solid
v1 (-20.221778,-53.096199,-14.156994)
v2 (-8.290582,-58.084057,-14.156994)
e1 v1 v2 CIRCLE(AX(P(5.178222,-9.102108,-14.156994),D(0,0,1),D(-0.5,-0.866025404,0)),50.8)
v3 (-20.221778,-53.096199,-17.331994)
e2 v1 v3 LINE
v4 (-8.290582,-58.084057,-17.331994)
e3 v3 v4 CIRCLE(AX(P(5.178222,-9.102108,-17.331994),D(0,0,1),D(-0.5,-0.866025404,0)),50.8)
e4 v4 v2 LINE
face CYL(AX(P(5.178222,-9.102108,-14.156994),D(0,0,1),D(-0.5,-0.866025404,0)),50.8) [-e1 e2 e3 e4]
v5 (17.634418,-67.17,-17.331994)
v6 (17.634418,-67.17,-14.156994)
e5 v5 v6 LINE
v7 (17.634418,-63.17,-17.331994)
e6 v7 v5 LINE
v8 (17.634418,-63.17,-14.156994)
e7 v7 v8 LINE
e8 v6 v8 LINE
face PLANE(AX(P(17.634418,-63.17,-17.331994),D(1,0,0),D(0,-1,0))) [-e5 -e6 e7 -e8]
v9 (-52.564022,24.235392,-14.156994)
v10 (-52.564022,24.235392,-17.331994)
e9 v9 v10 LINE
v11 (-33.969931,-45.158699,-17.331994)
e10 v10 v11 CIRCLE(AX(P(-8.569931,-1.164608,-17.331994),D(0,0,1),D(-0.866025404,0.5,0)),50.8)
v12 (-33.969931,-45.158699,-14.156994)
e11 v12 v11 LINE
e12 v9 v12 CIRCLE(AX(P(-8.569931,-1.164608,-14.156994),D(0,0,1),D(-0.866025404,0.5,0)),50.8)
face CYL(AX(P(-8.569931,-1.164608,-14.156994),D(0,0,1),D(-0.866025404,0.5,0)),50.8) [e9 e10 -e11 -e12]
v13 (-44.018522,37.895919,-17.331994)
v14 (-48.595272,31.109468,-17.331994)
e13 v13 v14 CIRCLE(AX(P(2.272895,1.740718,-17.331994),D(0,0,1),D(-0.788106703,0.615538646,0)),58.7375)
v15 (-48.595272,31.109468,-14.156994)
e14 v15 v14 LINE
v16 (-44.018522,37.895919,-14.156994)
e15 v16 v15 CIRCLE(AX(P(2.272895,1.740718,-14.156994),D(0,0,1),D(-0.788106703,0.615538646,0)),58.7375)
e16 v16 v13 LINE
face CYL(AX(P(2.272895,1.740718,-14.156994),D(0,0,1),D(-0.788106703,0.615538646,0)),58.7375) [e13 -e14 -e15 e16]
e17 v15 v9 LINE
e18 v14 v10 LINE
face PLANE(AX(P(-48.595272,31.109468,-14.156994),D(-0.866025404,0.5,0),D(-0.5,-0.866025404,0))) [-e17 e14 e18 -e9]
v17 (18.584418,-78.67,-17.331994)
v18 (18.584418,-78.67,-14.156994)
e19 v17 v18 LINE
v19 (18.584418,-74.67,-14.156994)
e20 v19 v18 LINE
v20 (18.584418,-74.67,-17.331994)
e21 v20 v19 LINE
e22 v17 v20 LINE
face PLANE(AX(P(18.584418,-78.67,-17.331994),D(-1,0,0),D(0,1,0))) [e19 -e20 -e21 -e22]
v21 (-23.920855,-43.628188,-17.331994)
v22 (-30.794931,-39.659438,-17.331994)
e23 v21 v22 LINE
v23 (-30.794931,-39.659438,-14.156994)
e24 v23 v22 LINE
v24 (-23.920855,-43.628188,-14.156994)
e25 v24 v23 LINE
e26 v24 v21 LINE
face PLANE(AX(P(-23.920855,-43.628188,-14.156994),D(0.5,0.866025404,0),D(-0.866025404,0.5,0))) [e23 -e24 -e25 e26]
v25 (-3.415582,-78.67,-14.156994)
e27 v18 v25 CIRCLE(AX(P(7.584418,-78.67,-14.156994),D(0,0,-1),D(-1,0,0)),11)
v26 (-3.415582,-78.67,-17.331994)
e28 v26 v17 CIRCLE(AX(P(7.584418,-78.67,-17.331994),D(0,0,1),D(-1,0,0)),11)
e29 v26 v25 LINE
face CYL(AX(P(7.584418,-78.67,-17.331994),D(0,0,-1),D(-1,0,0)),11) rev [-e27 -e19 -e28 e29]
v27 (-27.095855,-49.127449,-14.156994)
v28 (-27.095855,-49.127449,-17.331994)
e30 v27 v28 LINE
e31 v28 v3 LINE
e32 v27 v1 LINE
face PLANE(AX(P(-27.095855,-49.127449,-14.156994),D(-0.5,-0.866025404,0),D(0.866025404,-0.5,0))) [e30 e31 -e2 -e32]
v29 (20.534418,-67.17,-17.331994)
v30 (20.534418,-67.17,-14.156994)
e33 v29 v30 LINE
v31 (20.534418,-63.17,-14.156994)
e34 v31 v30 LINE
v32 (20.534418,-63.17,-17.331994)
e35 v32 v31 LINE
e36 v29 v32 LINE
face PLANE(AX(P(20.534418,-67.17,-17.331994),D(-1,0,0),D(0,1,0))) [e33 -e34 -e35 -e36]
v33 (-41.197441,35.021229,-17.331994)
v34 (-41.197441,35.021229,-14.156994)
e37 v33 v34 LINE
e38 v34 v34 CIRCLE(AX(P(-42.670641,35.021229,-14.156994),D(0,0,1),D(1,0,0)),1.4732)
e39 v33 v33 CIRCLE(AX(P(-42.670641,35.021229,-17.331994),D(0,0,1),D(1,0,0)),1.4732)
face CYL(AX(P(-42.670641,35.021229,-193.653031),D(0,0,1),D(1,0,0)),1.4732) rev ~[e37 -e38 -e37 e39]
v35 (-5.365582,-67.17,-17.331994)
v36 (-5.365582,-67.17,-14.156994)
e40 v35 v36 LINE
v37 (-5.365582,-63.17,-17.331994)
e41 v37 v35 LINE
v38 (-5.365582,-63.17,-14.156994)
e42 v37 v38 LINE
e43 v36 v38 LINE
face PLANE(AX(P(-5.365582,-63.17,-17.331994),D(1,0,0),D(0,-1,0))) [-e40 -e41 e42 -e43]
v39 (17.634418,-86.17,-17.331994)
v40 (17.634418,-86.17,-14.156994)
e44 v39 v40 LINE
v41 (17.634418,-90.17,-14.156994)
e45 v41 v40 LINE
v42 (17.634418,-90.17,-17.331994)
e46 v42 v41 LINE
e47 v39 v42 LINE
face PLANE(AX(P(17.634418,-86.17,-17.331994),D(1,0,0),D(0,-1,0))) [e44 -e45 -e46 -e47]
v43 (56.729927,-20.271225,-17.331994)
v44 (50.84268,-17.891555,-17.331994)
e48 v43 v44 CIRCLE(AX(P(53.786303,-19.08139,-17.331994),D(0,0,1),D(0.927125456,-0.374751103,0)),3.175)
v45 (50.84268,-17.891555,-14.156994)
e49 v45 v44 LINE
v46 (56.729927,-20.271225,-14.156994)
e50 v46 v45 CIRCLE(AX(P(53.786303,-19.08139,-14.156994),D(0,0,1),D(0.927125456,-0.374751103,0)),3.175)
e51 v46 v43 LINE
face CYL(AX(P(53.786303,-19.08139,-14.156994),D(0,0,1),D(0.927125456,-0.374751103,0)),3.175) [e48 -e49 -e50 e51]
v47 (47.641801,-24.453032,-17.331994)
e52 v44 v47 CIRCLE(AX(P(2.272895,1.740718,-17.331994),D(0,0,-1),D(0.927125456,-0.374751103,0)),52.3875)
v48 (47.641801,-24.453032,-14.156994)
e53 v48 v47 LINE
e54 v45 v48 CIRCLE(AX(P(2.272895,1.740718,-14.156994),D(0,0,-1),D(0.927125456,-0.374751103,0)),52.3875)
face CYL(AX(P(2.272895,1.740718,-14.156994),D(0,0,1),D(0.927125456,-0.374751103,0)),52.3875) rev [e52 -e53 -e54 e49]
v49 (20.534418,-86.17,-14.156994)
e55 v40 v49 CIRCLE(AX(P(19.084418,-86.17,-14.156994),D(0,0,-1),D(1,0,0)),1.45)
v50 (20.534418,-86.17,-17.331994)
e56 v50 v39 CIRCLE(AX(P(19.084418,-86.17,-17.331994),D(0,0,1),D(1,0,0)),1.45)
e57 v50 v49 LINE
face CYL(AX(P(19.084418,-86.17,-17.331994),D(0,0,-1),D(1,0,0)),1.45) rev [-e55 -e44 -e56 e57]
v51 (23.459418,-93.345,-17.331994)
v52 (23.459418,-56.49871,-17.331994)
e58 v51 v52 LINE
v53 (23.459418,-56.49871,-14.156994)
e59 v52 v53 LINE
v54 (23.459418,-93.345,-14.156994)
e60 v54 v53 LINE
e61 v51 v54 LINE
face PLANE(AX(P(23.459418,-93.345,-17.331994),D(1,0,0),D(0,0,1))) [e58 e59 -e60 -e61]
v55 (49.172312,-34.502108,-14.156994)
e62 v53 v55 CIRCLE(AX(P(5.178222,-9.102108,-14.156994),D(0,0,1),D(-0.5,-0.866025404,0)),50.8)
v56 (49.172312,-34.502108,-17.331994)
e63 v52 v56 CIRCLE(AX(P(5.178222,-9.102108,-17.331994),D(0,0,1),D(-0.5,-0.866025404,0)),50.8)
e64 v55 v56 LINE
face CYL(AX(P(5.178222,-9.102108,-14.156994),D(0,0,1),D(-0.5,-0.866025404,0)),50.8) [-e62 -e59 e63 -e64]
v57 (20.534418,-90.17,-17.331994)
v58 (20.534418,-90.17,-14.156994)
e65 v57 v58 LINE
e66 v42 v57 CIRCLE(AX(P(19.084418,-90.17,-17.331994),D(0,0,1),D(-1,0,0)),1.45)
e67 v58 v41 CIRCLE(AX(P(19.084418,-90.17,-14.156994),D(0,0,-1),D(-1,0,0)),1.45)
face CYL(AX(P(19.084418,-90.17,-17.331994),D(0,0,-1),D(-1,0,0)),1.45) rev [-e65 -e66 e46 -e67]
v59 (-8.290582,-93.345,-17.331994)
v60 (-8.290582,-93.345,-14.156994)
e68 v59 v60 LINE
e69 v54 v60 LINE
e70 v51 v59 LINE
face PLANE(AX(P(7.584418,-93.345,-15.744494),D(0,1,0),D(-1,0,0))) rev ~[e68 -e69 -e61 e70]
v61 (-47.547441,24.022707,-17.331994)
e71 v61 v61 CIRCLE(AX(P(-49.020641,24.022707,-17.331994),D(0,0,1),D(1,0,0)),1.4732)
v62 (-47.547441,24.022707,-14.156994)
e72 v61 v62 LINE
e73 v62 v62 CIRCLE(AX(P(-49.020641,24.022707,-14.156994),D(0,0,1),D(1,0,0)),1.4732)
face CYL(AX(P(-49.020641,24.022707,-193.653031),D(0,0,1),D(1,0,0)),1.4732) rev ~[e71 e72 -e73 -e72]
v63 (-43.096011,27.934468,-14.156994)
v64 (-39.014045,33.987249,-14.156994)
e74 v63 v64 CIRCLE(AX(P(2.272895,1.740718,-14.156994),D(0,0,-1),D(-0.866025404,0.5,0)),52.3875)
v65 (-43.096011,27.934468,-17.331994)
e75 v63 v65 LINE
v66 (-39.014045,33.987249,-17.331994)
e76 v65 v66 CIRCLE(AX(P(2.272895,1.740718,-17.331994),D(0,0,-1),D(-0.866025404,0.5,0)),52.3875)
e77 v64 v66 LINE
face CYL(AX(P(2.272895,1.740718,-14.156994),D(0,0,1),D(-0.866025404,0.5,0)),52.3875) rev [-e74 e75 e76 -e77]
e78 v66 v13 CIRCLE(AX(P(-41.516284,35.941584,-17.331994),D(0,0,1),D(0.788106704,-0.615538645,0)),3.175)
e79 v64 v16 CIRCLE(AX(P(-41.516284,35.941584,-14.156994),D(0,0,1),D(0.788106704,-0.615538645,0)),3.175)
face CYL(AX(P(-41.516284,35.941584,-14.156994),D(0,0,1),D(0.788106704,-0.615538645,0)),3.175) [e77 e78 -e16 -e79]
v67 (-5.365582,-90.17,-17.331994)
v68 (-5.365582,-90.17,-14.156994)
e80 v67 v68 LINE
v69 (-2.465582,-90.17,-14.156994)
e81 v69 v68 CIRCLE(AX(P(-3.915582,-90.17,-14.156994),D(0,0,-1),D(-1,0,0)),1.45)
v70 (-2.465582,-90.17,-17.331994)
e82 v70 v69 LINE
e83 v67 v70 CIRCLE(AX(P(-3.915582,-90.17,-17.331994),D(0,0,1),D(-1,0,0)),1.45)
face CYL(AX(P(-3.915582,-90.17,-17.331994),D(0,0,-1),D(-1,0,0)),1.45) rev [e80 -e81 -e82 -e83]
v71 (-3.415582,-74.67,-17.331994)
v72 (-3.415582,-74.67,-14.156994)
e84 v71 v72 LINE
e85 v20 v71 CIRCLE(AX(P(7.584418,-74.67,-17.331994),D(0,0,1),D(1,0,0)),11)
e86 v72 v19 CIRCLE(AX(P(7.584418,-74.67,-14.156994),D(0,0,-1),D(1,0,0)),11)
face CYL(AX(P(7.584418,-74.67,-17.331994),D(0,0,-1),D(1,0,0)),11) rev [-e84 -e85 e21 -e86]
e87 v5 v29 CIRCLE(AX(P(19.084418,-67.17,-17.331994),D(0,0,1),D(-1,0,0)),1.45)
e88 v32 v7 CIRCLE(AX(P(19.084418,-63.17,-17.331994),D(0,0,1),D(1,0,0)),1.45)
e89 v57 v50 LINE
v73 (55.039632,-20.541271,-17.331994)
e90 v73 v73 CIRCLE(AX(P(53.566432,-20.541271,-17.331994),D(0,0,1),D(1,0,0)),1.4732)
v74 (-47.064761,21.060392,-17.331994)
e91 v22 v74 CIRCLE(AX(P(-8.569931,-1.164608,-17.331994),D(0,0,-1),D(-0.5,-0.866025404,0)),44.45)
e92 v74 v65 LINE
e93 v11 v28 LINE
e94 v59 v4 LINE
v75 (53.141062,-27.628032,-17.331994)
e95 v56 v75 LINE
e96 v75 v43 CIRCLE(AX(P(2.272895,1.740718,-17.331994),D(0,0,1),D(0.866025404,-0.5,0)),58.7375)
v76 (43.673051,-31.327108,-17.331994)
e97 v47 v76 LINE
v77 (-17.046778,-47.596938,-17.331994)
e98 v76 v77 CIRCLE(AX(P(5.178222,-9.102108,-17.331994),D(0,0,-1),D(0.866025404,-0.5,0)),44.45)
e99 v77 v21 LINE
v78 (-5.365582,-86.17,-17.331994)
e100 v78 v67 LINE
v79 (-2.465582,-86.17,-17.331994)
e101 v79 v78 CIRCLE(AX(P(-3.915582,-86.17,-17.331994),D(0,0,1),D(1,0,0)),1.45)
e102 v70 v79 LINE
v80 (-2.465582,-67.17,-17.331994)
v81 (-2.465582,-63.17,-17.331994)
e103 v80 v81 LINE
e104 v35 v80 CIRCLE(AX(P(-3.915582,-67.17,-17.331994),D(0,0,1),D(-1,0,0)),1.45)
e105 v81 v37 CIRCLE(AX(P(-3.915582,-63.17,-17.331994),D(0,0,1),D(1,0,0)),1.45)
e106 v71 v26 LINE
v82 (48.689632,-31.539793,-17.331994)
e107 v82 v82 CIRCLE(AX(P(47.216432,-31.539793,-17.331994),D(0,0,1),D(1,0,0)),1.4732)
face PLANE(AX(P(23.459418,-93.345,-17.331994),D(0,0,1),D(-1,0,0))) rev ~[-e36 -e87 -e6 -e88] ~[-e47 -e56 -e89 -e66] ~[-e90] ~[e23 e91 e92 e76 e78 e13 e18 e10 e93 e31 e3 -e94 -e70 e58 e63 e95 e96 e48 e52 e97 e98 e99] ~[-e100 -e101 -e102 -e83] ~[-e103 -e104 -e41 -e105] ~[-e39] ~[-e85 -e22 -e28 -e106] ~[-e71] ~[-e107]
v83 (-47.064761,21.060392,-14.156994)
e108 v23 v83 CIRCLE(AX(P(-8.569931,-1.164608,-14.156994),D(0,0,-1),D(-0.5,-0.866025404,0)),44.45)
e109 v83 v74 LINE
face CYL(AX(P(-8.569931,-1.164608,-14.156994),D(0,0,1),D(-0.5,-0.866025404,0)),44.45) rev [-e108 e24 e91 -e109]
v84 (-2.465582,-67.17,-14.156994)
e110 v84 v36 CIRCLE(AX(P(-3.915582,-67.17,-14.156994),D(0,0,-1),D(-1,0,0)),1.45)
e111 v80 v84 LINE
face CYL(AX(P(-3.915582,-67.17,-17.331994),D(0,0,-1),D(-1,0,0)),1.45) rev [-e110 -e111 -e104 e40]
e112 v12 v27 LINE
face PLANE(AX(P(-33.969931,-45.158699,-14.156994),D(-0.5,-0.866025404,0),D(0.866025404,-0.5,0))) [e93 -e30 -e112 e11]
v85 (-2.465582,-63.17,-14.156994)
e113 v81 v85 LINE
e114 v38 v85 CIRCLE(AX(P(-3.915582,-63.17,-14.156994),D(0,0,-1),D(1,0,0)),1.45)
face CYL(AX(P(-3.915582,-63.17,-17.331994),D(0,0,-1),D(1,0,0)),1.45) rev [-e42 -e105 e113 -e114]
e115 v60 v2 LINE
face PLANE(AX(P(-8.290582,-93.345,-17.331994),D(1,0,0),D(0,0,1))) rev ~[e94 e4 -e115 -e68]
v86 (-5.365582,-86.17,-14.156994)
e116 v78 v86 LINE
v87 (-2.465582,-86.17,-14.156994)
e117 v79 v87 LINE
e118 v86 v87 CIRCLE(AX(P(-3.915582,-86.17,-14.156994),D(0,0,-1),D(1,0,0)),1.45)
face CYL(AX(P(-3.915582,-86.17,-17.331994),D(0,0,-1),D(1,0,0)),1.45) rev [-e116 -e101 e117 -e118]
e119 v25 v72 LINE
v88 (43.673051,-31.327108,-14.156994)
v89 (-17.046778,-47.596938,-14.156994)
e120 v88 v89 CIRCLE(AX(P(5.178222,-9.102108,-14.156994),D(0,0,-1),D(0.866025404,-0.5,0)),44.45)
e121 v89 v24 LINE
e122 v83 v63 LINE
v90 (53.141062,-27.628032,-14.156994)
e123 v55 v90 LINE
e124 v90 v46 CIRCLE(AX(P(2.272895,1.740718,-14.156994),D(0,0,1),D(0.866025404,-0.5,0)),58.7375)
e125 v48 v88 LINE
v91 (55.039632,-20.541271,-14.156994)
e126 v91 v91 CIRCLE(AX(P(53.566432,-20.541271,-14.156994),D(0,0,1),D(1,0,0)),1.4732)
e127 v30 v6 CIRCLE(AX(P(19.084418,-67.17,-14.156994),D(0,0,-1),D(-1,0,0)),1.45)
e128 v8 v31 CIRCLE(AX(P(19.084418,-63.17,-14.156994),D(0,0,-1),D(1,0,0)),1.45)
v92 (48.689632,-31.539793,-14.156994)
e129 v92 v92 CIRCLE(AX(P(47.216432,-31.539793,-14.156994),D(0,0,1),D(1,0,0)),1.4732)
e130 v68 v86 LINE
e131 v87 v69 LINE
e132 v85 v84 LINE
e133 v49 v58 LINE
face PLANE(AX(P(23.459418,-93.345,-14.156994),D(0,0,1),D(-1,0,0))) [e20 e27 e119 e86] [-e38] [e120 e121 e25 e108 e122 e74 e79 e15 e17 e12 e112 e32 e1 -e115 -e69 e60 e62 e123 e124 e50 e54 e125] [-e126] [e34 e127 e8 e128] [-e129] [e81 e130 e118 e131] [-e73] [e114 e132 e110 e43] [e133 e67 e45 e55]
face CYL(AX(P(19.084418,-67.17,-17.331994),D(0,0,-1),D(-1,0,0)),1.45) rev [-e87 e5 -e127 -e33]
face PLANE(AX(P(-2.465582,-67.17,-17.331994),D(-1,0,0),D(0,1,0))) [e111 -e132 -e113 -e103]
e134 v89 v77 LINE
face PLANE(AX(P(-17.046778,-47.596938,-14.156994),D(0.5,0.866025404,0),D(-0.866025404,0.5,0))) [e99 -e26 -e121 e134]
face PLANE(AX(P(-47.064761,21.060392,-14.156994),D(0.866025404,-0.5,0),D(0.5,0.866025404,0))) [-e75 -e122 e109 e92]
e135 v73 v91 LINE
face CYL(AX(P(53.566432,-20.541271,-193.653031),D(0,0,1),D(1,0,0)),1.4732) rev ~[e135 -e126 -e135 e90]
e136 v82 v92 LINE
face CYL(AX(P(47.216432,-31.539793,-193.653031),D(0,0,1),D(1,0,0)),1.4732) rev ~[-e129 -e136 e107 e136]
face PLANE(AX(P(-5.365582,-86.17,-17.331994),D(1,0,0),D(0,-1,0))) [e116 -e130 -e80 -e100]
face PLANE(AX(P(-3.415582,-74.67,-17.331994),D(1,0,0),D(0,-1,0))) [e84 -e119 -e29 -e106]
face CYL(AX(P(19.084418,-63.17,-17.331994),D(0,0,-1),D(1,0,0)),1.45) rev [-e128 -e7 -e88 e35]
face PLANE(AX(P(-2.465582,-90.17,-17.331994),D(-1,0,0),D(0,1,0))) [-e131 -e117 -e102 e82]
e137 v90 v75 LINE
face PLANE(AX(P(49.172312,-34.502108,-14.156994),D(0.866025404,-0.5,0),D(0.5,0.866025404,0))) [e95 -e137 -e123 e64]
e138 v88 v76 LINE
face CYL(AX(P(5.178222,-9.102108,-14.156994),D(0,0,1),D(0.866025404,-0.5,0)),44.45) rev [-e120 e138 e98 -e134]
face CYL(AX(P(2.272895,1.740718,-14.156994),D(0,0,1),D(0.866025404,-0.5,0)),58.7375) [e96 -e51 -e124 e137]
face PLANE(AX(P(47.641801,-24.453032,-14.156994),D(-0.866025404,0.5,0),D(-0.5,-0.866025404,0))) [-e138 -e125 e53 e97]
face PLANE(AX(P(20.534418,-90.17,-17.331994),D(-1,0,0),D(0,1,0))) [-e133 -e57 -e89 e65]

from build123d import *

# Parameters (mm, degrees)
BOSS_EXTRUDE1_DEPTH      = 3.175
BOSS_EXTRUDE2_DEPTH      = 3.175
BOSS_EXTRUDE2_DEPTH_BACK = 34.925
SKETCH2_W                = 31.75
SKETCH2_H                = 3.175
CUT_EXTRUDE1_DEPTH       = 111.671398355
F_4_CLEARANCE_HOLE1_D    = 2.9464


with BuildPart() as part:
    # Sketch1 → Boss-Extrude1 (new body)
    with BuildSketch(Plane(origin=(0, 0, -14.15699402), x_dir=(-1, 0, 0), z_dir=(0, 0, -1))):
        with BuildLine():
            Line((-49.172312317, -34.502108483), (-53.141062317, -27.628031841))
            ThreePointArc((-53.141062317, -27.628031841), (-55.063803638, -24.012221257), (-56.72992661, -20.271224785))
            ThreePointArc((-56.72992661, -20.271224785), (-54.976138042, -16.13776671), (-50.842679967, -17.891555277))
            ThreePointArc((-50.842679967, -17.891555277), (-49.356678398, -21.228119699), (-47.641801003, -24.453031841))
            Line((-47.641801003, -24.453031841), (-43.673051003, -31.327108483))
            ThreePointArc((-43.673051003, -31.327108483), (-16.68272836, -52.037511462), (17.046778195, -47.596937682))
            Line((17.046778195, -47.596937682), (23.920854837, -43.628187682))
            Line((23.920854837, -43.628187682), (30.79493148, -39.659437682))
            ThreePointArc((30.79493148, -39.659437682), (51.505334458, -12.669115038), (47.064760678, 21.060391517))
            Line((47.064760678, 21.060391517), (43.096010678, 27.934468159))
            ThreePointArc((43.096010678, 27.934468159), (41.160593535, 31.032051618), (39.01404477, 33.987248938))
            ThreePointArc((39.01404477, 33.987248938), (39.561948355, 38.44382292), (44.018522337, 37.895919335))
            ThreePointArc((44.018522337, 37.895919335), (46.425258832, 34.58251628), (48.595271992, 31.109468159))
            Line((48.595271992, 31.109468159), (52.564021992, 24.235391517))
            ThreePointArc((52.564021992, 24.235391517), (57.638963455, -14.312615975), (33.96993148, -45.158698996))
            Line((33.96993148, -45.158698996), (27.095854837, -49.127448996))
            Line((27.095854837, -49.127448996), (20.221778195, -53.096198996))
            ThreePointArc((20.221778195, -53.096198996), (-18.326229296, -58.171140459), (-49.172312317, -34.502108483))
        make_face()
    extrude(amount=BOSS_EXTRUDE1_DEPTH)

    # Sketch2 → Boss-Extrude2 (add, two sides: drawn at the far end of the back side and taken through both)
    with BuildSketch(Plane(origin=(8.682443514, -58.42, 0), x_dir=(-1, 0, 0), z_dir=(0, 1, 0)).offset(-BOSS_EXTRUDE2_DEPTH_BACK)):
        with Locations((1.098025871, -15.74449402)):
            Rectangle(SKETCH2_W, SKETCH2_H)
    extrude(amount=BOSS_EXTRUDE2_DEPTH + BOSS_EXTRUDE2_DEPTH_BACK)

    # Sketch3 → Cut-Extrude1 (cut, through all)
    with BuildSketch(Plane(origin=(0, 0, -17.33199402), x_dir=(-1, 0, 0), z_dir=(0, 0, -1))):
        with BuildLine():
            Line((-20.534417629, -67.17), (-20.534417629, -63.17))
            ThreePointArc((-20.534417629, -63.17), (-19.084417629, -61.72), (-17.634417629, -63.17))
            Line((-17.634417629, -63.17), (-17.634417629, -67.17))
            ThreePointArc((-17.634417629, -67.17), (-19.084417629, -68.62), (-20.534417629, -67.17))
        make_face()
        with BuildLine():
            Line((2.465582371, -67.17), (2.465582371, -63.17))
            ThreePointArc((2.465582371, -63.17), (3.915582371, -61.72), (5.365582371, -63.17))
            Line((5.365582371, -63.17), (5.365582371, -67.17))
            ThreePointArc((5.365582371, -67.17), (3.915582371, -68.62), (2.465582371, -67.17))
        make_face()
        with BuildLine():
            Line((-20.534417629, -90.17), (-20.534417629, -86.17))
            ThreePointArc((-20.534417629, -86.17), (-19.084417629, -84.72), (-17.634417629, -86.17))
            Line((-17.634417629, -86.17), (-17.634417629, -90.17))
            ThreePointArc((-17.634417629, -90.17), (-19.084417629, -91.62), (-20.534417629, -90.17))
        make_face()
        with BuildLine():
            Line((2.465582371, -90.17), (2.465582371, -86.17))
            ThreePointArc((2.465582371, -86.17), (3.915582371, -84.72), (5.365582371, -86.17))
            Line((5.365582371, -86.17), (5.365582371, -90.17))
            ThreePointArc((5.365582371, -90.17), (3.915582371, -91.62), (2.465582371, -90.17))
        make_face()
        with BuildLine():
            Line((-18.584417642, -78.67), (-18.584417642, -74.67))
            ThreePointArc((-18.584417642, -74.67), (-7.584417642, -63.67), (3.415582358, -74.67))
            Line((3.415582358, -74.67), (3.415582358, -78.67))
            ThreePointArc((3.415582358, -78.67), (-7.584417642, -89.67), (-18.584417642, -78.67))
        make_face()
    extrude(amount=-CUT_EXTRUDE1_DEPTH, mode=Mode.SUBTRACT)

    # #4 Clearance Hole1 (through all)
    with Locations(Plane(origin=(0, 0, -17.33199402), x_dir=(-1, 0, 0), z_dir=(0, 0, -1))):
        with Locations((-53.56643166, -20.541270527), (-47.21643166, -31.539793155), (42.670641335, 35.021229473), (49.020641335, 24.022706845)):
            Hole(F_4_CLEARANCE_HOLE1_D / 2)


solid = part.part
